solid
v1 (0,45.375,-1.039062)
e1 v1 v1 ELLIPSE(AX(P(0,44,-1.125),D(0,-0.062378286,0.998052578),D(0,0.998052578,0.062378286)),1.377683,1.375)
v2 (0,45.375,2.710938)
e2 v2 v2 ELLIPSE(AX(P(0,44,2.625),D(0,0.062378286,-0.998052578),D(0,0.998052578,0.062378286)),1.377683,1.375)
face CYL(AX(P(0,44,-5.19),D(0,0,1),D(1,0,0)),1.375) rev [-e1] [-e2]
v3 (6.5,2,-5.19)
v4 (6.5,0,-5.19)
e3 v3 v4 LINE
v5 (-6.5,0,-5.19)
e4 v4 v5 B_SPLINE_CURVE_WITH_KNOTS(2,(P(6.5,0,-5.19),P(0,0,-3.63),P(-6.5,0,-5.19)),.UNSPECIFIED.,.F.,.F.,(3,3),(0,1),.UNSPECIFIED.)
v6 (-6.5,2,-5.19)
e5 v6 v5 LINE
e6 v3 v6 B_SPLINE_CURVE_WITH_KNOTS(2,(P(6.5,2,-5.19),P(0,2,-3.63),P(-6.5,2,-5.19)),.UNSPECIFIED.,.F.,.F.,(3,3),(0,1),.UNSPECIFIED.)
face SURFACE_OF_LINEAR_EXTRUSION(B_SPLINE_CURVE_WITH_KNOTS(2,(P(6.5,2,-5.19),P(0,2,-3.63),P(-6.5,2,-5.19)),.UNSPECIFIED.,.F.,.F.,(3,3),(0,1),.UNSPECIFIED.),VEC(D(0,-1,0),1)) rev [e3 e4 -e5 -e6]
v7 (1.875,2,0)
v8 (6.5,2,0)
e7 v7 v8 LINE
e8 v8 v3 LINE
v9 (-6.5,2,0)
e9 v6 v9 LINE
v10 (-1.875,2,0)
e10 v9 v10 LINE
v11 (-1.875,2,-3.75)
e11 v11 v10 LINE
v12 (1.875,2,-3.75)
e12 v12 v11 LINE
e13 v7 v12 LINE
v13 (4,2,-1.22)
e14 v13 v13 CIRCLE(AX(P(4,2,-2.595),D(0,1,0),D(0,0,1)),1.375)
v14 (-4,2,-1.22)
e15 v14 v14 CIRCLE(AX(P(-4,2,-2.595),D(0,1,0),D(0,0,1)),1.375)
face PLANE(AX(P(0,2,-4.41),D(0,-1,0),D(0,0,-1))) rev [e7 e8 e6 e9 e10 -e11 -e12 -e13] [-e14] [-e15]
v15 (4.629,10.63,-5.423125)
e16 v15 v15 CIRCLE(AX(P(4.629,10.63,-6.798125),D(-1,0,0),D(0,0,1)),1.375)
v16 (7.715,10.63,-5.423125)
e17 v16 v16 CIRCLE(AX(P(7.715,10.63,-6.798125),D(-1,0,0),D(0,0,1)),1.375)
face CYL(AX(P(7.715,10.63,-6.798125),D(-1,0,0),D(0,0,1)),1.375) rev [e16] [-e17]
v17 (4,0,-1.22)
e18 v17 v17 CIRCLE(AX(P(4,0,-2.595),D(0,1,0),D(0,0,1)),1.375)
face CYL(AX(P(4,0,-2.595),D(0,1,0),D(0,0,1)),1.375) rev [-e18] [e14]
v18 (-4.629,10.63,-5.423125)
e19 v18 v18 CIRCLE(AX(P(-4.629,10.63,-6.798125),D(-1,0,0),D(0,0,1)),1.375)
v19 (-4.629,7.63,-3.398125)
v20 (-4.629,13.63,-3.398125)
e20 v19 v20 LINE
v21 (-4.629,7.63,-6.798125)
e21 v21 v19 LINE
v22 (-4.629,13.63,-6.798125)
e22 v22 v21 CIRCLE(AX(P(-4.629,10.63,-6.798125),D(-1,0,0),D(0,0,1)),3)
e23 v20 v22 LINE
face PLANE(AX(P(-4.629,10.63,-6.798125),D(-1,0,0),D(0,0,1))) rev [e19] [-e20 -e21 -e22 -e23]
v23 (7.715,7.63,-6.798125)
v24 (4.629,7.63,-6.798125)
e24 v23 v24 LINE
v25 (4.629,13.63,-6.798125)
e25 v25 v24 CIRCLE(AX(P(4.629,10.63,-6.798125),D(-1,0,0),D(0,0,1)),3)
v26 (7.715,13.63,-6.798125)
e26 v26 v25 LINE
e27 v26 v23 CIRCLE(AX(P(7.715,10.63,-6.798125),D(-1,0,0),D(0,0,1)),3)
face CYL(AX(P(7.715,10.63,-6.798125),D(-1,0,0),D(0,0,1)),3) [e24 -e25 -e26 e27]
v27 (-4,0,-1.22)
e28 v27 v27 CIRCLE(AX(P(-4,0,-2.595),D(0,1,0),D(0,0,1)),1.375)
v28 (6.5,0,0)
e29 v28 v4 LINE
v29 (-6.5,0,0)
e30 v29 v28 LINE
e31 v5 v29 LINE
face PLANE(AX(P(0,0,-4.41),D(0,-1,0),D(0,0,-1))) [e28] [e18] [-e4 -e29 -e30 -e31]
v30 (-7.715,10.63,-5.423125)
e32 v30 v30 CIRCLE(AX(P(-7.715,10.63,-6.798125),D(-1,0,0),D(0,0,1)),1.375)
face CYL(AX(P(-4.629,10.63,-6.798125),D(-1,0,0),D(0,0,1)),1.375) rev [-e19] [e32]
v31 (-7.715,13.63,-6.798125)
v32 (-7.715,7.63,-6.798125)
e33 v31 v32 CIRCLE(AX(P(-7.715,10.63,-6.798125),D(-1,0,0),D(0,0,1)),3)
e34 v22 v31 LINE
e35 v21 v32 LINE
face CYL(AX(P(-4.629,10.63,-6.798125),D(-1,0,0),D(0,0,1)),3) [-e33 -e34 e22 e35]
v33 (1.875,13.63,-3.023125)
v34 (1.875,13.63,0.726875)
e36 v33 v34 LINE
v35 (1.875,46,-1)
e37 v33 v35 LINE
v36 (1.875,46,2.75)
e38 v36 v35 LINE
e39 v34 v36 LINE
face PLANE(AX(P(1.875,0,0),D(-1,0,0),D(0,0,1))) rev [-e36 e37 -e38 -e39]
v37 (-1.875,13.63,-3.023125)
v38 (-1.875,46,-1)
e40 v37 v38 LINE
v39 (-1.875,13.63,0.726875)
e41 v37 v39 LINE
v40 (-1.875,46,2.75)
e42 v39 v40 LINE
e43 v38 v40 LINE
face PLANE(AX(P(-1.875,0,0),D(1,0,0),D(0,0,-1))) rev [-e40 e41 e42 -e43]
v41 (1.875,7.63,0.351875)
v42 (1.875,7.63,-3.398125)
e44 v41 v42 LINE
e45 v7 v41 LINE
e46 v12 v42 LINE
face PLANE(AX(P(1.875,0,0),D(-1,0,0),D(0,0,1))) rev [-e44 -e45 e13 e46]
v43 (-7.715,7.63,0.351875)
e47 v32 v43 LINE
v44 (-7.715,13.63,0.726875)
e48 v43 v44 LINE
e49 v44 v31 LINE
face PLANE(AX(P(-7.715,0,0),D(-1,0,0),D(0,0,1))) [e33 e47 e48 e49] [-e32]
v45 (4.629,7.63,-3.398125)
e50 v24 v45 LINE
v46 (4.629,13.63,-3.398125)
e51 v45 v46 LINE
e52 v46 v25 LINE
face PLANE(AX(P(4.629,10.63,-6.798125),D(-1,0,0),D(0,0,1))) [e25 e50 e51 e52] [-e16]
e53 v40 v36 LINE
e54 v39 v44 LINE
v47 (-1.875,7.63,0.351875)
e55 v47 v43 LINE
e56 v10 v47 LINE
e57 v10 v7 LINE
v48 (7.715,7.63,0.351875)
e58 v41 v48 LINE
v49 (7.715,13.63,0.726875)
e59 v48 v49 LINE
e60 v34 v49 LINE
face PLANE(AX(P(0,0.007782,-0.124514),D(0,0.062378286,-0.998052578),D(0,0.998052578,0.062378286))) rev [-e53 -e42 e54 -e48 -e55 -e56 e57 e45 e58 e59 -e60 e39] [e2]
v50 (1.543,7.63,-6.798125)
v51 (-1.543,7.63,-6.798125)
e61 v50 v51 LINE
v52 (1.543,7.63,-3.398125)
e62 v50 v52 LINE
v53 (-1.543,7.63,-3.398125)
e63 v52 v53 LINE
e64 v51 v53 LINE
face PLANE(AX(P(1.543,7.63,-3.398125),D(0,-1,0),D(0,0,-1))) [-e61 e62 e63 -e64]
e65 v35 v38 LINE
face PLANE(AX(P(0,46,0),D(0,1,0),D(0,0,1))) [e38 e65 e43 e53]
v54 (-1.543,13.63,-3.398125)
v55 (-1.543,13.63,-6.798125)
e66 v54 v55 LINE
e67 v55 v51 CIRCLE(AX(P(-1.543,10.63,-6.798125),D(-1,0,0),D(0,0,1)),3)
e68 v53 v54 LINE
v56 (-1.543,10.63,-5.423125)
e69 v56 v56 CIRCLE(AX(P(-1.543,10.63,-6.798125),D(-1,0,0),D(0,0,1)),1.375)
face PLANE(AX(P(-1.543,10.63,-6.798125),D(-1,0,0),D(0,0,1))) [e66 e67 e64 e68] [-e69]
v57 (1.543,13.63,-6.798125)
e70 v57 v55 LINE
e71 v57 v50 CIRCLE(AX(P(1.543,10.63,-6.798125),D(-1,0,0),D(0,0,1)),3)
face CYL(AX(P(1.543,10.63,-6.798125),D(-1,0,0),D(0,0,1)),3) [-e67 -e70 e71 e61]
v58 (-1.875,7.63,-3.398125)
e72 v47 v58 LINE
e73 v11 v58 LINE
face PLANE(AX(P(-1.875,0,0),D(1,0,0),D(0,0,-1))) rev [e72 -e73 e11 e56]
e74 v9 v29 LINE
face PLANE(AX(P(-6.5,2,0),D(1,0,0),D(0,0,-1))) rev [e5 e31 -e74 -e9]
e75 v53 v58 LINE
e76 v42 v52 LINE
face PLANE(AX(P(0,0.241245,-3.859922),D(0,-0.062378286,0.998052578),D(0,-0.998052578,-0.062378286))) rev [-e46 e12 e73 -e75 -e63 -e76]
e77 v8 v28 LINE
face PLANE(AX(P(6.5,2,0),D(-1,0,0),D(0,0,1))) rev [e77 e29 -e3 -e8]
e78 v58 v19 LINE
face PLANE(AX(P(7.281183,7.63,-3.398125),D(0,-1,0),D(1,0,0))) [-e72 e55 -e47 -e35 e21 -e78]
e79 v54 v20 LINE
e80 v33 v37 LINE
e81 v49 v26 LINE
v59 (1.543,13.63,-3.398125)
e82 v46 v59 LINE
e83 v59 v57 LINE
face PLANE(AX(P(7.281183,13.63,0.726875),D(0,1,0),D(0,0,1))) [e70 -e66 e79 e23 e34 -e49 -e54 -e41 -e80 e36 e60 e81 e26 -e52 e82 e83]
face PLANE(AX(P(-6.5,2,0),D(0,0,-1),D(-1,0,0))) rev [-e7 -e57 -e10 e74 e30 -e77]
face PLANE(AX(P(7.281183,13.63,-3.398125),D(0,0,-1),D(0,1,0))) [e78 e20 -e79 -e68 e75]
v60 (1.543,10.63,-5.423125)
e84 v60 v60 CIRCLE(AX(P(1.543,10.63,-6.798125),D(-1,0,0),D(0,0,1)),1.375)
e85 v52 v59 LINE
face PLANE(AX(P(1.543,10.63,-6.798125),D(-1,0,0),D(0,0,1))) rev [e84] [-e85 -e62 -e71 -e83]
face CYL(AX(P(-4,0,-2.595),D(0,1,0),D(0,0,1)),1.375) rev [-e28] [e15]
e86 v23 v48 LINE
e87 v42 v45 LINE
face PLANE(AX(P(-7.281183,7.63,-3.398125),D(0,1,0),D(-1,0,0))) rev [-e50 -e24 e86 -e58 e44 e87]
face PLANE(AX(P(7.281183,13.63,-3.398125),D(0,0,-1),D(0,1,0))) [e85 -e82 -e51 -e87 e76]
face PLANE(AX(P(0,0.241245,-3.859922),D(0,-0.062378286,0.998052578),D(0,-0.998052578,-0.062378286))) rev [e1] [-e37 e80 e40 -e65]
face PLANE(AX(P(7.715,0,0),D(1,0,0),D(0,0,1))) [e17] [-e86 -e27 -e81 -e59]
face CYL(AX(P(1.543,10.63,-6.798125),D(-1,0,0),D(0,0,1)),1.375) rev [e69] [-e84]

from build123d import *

# Parameters (mm, degrees)
BOSS_EXTRUDE1_DEPTH     = 2
SKETCH2_R               = 1.375
CUT_EXTRUDE1_DEPTH      = 2
CUT_EXTRUDE3_DEPTH      = 47.745974282
CUT_EXTRUDE3_DEPTH_BACK = 47.745974282
SKETCH12_R              = 1.375
BOSS_EXTRUDE2_START     = -1.875
BOSS_EXTRUDE2_DEPTH     = 7.715
SKETCH16_R              = 1.375
BOSS_EXTRUDE3_DEPTH     = 3.086
LPATTERN1_COUNT         = 3
LPATTERN1_PITCH         = 6.172


with BuildPart() as part:
    # Sketch1 → Boss-Extrude1 (new body)
    with BuildSketch(Plane(origin=(0, 0, 0), x_dir=(1, 0, 0), z_dir=(0, 1, 0))):
        with BuildLine():
            Line((-6.5, 0), (6.5, 0))
            Line((6.5, 0), (6.5, 5.19))
            add(Edge.make_bspline(
                [(-6.5, 5.19), (0, 3.63), (6.5, 5.19)],
                knots=[0, 0, 0, 1, 1, 1], degree=2))
            Line((-6.5, 5.19), (-6.5, 0))
        make_face()
    extrude(amount=BOSS_EXTRUDE1_DEPTH)

    # Sketch2 → Cut-Extrude1 (cut)
    with BuildSketch(Plane(origin=(0, 2, 0), x_dir=(1, 0, 0), z_dir=(0, 1, 0))):
        with Locations(Location((-4, 2.595, 0), (0, 0, 270))):
            Circle(SKETCH2_R)
        with Locations(Location((4, 2.595, 0), (0, 0, 270))):
            Circle(SKETCH2_R)
    extrude(amount=-CUT_EXTRUDE1_DEPTH, mode=Mode.SUBTRACT)

    # Sketch4 → Loft2 section 0
    with BuildSketch(Plane(origin=(0, 2, 0), x_dir=(1, 0, 0), z_dir=(0, 1, 0))):
        with BuildLine():
            Line((-1.875, 3.75), (1.875, 3.75))
            Line((1.875, 3.75), (1.875, 0))
            Line((1.875, 0), (-1.875, 0))
            Line((-1.875, 0), (-1.875, 3.75))
        make_face()
    # Sketch6 → Loft2 section 1
    with BuildSketch(Plane(origin=(0, 46, 0), x_dir=(1, 0, 0), z_dir=(0, 1, 0))):
        with BuildLine():
            Line((-1.875, 1), (1.875, 1))
            Line((1.875, 1), (1.875, -2.75))
            Line((1.875, -2.75), (-1.875, -2.75))
            Line((-1.875, -2.75), (-1.875, 1))
        make_face()
    loft()

    # Sketch12 → Cut-Extrude3 (cut, two sides: drawn at the far end of the back side and taken through both)
    with BuildSketch(Plane.XY.offset(-CUT_EXTRUDE3_DEPTH_BACK)):
        with Locations(Location((0, 44, 0), (0, 0, 90))):
            Circle(SKETCH12_R)
    extrude(amount=CUT_EXTRUDE3_DEPTH + CUT_EXTRUDE3_DEPTH_BACK, mode=Mode.SUBTRACT)

    # Sketch13 → Boss-Extrude2 (add)
    with BuildSketch(Plane.ZY.offset(1.875).offset(BOSS_EXTRUDE2_START)):
        Polygon((-3.398125, 13.63), (-3.398125, 7.63), (0.351875, 7.63), (0.726875, 13.63), align=None)
    boss_extrude2 = extrude(amount=BOSS_EXTRUDE2_DEPTH)

    # Mirror1: Boss-Extrude2 across plane
    add(boss_extrude2.mirror(Plane(origin=(0, 0, 0), x_dir=(0, 0, 1), z_dir=(1, 0, 0))))

    # Sketch16 → Boss-Extrude3 (add)
    with BuildSketch(Plane.ZY.offset(7.715)):
        with BuildLine():
            Line((-3.398125, 7.63), (-6.798125, 7.63))
            ThreePointArc((-6.798125, 7.63), (-9.798125, 10.63), (-6.798125, 13.63))
            Line((-6.798125, 13.63), (-3.398125, 13.63))
            Line((-3.398125, 13.63), (-3.398125, 7.63))
        make_face()
        with Locations((-6.798125, 10.63)):
            Circle(SKETCH16_R, mode=Mode.SUBTRACT)
    boss_extrude3 = extrude(amount=-BOSS_EXTRUDE3_DEPTH)

    # LPattern1: Boss-Extrude3 ×3
    with Locations(*[(i * LPATTERN1_PITCH, 0, 0) for i in range(1, LPATTERN1_COUNT)]):
        add(boss_extrude3)


solid = part.part
